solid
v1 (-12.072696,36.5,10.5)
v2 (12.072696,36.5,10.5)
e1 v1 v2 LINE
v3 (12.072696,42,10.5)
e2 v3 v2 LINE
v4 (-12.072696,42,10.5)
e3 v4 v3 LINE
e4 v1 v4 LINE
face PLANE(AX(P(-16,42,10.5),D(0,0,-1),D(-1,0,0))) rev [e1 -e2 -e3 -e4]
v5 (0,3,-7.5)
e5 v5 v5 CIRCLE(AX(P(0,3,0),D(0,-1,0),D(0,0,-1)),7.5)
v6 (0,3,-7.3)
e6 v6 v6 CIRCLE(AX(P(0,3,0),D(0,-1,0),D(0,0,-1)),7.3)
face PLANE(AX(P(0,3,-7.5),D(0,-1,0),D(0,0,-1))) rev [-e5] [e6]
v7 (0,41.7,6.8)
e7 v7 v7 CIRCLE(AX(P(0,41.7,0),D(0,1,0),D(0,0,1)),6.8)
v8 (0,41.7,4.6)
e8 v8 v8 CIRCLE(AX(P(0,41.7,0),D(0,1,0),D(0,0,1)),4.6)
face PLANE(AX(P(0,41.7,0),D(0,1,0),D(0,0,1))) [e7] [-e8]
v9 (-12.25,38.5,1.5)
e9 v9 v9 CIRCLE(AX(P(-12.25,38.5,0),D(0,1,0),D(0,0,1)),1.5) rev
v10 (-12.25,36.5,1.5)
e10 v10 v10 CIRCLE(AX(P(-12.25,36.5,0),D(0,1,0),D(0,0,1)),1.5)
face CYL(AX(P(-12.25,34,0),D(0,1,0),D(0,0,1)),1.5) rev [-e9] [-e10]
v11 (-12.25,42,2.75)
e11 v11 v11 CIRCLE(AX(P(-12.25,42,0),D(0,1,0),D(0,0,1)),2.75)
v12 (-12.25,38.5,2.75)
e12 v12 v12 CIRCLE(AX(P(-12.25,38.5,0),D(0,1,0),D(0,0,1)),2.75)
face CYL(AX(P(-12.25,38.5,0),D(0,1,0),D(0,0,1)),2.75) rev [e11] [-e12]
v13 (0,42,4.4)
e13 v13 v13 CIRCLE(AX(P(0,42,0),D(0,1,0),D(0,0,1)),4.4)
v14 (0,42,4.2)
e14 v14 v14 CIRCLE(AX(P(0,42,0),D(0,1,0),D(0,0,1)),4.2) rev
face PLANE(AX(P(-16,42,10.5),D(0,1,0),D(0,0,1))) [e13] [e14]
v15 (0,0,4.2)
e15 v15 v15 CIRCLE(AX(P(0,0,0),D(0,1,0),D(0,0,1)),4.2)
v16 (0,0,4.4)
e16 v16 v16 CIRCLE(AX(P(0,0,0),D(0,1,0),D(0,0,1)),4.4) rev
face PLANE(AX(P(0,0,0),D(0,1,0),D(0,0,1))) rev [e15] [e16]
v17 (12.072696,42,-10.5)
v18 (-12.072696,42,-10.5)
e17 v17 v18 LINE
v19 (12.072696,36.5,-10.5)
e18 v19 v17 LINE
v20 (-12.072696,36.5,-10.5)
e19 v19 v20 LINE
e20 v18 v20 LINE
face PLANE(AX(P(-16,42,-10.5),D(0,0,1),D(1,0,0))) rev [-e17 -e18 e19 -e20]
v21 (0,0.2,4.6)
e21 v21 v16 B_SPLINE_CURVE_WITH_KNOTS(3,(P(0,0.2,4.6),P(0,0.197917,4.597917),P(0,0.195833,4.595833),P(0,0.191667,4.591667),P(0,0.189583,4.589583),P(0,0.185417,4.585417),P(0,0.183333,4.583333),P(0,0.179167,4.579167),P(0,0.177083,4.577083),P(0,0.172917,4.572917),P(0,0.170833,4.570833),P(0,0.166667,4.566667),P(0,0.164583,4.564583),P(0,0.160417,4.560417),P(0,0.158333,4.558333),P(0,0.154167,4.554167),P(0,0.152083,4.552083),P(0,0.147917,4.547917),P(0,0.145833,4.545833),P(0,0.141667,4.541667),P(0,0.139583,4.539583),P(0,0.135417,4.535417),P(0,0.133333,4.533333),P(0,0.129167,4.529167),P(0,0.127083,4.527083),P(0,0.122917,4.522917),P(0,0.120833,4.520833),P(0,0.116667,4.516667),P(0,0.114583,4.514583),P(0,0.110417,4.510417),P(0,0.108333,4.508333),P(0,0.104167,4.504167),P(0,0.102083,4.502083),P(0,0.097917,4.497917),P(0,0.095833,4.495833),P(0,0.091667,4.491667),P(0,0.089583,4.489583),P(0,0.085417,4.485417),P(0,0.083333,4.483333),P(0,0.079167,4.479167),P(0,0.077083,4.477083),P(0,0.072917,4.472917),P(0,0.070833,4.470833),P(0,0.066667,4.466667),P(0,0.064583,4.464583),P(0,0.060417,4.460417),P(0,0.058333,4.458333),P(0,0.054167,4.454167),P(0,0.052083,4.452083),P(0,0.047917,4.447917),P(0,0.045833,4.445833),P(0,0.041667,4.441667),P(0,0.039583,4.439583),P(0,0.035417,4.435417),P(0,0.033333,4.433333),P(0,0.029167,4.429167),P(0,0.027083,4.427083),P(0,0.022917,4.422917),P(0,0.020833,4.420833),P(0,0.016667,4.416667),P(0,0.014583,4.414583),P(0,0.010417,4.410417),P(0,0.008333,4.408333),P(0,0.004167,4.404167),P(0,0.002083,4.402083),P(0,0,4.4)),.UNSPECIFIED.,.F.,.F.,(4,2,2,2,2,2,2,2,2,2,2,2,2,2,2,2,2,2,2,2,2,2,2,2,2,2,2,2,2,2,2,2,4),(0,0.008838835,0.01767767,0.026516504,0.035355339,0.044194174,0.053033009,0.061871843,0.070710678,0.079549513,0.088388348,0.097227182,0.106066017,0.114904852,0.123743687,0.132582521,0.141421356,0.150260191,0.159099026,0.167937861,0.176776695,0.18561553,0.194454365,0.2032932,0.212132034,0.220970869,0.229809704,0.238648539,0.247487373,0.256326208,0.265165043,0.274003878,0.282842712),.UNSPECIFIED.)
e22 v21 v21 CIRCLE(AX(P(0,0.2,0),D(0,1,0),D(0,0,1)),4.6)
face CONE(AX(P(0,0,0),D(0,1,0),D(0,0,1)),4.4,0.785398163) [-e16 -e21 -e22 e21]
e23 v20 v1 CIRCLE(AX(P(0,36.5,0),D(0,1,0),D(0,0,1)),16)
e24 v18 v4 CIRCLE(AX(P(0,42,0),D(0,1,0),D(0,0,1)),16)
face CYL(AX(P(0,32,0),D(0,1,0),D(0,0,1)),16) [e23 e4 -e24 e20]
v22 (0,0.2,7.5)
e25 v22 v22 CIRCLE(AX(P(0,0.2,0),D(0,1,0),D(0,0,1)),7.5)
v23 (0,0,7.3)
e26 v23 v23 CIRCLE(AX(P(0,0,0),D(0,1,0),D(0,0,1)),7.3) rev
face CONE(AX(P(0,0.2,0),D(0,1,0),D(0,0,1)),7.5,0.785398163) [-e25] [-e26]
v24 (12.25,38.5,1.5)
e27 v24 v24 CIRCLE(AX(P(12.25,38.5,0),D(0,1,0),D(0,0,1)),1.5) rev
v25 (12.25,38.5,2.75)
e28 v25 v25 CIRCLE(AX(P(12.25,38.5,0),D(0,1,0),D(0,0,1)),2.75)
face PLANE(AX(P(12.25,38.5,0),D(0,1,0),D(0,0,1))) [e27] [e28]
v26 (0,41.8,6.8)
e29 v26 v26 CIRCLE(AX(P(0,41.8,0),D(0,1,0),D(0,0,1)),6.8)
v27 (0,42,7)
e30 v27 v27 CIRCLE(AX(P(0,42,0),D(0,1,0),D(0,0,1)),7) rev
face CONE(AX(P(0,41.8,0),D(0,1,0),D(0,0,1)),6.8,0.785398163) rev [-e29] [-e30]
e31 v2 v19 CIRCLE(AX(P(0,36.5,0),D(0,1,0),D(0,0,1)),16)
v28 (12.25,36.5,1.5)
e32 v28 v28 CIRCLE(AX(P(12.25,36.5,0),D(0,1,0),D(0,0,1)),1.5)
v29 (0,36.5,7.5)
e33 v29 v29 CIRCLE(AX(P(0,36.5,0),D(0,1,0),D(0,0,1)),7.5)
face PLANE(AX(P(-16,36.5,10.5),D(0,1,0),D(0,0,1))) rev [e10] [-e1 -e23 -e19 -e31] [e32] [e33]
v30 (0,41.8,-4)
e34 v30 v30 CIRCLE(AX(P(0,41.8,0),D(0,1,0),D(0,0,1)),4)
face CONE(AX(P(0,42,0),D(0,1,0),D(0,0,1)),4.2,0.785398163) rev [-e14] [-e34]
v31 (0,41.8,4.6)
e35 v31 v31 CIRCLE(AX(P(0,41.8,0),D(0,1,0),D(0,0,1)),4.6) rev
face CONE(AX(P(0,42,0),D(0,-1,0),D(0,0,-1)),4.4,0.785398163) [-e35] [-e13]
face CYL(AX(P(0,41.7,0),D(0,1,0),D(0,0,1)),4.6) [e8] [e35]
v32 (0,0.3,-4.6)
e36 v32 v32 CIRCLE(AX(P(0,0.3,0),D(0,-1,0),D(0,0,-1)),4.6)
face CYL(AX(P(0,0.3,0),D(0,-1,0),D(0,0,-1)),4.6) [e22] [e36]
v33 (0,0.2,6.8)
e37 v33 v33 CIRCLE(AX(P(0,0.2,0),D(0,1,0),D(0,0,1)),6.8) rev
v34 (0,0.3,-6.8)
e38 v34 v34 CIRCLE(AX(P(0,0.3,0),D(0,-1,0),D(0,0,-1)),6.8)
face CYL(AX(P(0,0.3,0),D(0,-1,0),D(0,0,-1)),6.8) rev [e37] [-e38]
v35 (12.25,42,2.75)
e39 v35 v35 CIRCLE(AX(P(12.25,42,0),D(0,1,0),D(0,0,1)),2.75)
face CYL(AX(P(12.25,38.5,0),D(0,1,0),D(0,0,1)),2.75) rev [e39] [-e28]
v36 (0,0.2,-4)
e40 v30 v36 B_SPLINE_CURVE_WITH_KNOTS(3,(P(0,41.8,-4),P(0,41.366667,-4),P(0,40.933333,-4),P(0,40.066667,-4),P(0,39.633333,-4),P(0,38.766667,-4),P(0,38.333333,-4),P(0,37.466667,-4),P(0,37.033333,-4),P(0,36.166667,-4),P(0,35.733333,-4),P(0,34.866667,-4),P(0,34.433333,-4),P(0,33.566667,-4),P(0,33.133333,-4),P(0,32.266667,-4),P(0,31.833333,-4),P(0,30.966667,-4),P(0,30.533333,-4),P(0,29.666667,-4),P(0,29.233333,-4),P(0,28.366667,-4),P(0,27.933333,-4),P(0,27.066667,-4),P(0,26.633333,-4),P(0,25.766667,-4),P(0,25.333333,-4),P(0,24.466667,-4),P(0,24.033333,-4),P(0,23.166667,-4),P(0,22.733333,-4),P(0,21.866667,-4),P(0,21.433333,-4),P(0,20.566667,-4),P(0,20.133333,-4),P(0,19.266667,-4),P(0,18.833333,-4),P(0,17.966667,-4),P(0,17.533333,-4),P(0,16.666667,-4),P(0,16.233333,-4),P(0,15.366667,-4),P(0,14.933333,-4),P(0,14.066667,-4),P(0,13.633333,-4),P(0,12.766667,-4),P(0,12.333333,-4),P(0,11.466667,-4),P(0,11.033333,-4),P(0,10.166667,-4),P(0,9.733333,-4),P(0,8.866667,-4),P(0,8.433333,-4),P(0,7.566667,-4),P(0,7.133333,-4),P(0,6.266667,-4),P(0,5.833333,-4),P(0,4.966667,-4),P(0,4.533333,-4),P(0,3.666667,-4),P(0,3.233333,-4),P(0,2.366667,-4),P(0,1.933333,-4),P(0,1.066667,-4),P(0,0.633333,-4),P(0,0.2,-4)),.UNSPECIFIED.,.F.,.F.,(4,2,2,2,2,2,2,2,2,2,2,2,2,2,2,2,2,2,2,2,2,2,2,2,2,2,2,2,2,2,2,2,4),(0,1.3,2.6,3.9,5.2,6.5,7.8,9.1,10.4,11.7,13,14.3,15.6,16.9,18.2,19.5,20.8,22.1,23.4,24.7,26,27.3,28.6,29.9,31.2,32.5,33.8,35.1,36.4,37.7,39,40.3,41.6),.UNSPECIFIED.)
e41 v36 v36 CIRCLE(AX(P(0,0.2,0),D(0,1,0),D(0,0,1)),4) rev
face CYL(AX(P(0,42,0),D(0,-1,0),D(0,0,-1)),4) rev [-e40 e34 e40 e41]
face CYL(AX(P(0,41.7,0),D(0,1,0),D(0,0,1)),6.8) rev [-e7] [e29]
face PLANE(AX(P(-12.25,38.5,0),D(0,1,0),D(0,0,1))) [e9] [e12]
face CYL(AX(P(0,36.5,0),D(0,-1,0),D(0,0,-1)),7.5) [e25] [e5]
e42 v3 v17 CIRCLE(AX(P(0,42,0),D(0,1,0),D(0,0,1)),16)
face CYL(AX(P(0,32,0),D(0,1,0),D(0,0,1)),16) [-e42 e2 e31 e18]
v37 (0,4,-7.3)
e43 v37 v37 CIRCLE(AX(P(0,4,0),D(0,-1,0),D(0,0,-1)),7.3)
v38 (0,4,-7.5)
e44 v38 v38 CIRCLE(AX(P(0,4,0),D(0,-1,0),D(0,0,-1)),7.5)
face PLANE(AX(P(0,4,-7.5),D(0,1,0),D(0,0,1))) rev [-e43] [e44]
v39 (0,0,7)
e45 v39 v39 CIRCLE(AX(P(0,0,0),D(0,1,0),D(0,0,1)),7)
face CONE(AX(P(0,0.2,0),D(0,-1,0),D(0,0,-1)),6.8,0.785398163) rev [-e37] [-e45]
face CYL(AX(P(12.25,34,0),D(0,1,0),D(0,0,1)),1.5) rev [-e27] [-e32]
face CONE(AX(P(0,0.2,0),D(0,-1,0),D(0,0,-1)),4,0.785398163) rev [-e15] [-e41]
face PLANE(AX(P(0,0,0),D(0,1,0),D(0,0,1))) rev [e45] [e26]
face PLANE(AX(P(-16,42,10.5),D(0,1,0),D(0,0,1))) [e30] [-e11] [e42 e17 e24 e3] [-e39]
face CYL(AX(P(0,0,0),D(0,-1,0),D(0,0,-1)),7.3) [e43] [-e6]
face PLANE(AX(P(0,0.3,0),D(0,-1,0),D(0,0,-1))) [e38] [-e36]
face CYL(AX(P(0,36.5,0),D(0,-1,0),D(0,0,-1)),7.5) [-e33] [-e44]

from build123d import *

# Parameters (mm, degrees)
SKETCH1_R      = 7.5
EXTRUDE1_DEPTH = 36.5
SKETCH2_W      = 32
SKETCH2_H      = 21
EXTRUDE2_DEPTH = 5.5
SKETCH3_R      = 4
EXTRUDE3_DEPTH = 42
SKETCH4_R      = 21
SKETCH4_R_2    = 16
EXTRUDE4_DEPTH = 10
SKETCH5_R      = 6.8
SKETCH5_R_2    = 4.6
EXTRUDE5_DEPTH = 0.3
EXTRUDE6_START = -0.3
SKETCH6_R      = 6.8
SKETCH6_R_2    = 4.6
EXTRUDE6_DEPTH = 0.3
SKETCH7_W      = 0.2
SKETCH7_H      = 1
SKETCH8_R      = 1.5
EXTRUDE7_DEPTH = 8
SKETCH8_3_R    = 2.75
EXTRUDE8_DEPTH = 3.5
CHAMFER1_SIZE  = 0.2


with BuildPart() as part:
    # Sketch1 → Extrude1 (new body)
    with BuildSketch(Plane(origin=(0, 0, 0), x_dir=(1, 0, 0), z_dir=(0, 1, 0))):
        Circle(SKETCH1_R)
    extrude(amount=EXTRUDE1_DEPTH)

    # Sketch2 → Extrude2 (add)
    with BuildSketch(Plane(origin=(0, 36.5, 0), x_dir=(1, 0, 0), z_dir=(0, 1, 0))):
        Rectangle(SKETCH2_W, SKETCH2_H)
    extrude(amount=EXTRUDE2_DEPTH)

    # Sketch3 → Extrude3 (cut)
    with BuildSketch(Plane.XZ):
        Circle(SKETCH3_R)
    extrude(amount=-EXTRUDE3_DEPTH, mode=Mode.SUBTRACT)

    # Sketch4 → Extrude4 (cut)
    with BuildSketch(Plane(origin=(0, 42, 0), x_dir=(1, 0, 0), z_dir=(0, 1, 0))):
        Circle(SKETCH4_R)
        Circle(SKETCH4_R_2, mode=Mode.SUBTRACT)
    extrude(amount=-EXTRUDE4_DEPTH, mode=Mode.SUBTRACT)

    # Sketch5 → Extrude5 (cut)
    with BuildSketch(Plane.XZ):
        Circle(SKETCH5_R)
        Circle(SKETCH5_R_2, mode=Mode.SUBTRACT)
    extrude(amount=-EXTRUDE5_DEPTH, mode=Mode.SUBTRACT)

    # Sketch6 → Extrude6 (cut)
    with BuildSketch(Plane(origin=(0, 42, 0), x_dir=(1, 0, 0), z_dir=(0, 1, 0)).offset(EXTRUDE6_START)):
        Circle(SKETCH6_R)
        Circle(SKETCH6_R_2, mode=Mode.SUBTRACT)
    extrude(amount=EXTRUDE6_DEPTH, mode=Mode.SUBTRACT)

    # Sketch7 → Cut-Revolve1 (revolve, cut)
    with BuildSketch(Plane(origin=(0, 0, 0), x_dir=(0, 0, -1), z_dir=(1, 0, 0))):
        with Locations((7.4, 3.5)):
            Rectangle(SKETCH7_W, SKETCH7_H)
    revolve(axis=Axis((0, 0, 0), (0, 1, 0)), mode=Mode.SUBTRACT)

    # Sketch8 → Extrude7 (cut)
    with BuildSketch(Plane(origin=(0, 42, 0), x_dir=(1, 0, 0), z_dir=(0, 1, 0))):
        with Locations((-12.25, 0)):
            Circle(SKETCH8_R)
        with Locations((12.25, 0)):
            Circle(SKETCH8_R)
    extrude(amount=-EXTRUDE7_DEPTH, mode=Mode.SUBTRACT)

    # Sketch8<3> → Extrude8 (cut)
    with BuildSketch(Plane(origin=(0, 42, 0), x_dir=(1, 0, 0), z_dir=(0, 1, 0))):
        with Locations((-12.25, 0)):
            Circle(SKETCH8_3_R)
        with Locations((12.25, 0)):
            Circle(SKETCH8_3_R)
    extrude(amount=-EXTRUDE8_DEPTH, mode=Mode.SUBTRACT)

    # Chamfer1
    chamfer1_edges = [part.edges().sort_by_distance(p)[0] for p in [
        (-4, 0, 0),
        (-7.5, 0, 0),
        (-4.6, 0, 0),
        (-6.8, 0, 0),
        (-4.6, 42, 0),
        (-4, 42, 0),
        (-6.8, 42, 0),
    ]]
    chamfer(chamfer1_edges, length=CHAMFER1_SIZE)


solid = part.part
